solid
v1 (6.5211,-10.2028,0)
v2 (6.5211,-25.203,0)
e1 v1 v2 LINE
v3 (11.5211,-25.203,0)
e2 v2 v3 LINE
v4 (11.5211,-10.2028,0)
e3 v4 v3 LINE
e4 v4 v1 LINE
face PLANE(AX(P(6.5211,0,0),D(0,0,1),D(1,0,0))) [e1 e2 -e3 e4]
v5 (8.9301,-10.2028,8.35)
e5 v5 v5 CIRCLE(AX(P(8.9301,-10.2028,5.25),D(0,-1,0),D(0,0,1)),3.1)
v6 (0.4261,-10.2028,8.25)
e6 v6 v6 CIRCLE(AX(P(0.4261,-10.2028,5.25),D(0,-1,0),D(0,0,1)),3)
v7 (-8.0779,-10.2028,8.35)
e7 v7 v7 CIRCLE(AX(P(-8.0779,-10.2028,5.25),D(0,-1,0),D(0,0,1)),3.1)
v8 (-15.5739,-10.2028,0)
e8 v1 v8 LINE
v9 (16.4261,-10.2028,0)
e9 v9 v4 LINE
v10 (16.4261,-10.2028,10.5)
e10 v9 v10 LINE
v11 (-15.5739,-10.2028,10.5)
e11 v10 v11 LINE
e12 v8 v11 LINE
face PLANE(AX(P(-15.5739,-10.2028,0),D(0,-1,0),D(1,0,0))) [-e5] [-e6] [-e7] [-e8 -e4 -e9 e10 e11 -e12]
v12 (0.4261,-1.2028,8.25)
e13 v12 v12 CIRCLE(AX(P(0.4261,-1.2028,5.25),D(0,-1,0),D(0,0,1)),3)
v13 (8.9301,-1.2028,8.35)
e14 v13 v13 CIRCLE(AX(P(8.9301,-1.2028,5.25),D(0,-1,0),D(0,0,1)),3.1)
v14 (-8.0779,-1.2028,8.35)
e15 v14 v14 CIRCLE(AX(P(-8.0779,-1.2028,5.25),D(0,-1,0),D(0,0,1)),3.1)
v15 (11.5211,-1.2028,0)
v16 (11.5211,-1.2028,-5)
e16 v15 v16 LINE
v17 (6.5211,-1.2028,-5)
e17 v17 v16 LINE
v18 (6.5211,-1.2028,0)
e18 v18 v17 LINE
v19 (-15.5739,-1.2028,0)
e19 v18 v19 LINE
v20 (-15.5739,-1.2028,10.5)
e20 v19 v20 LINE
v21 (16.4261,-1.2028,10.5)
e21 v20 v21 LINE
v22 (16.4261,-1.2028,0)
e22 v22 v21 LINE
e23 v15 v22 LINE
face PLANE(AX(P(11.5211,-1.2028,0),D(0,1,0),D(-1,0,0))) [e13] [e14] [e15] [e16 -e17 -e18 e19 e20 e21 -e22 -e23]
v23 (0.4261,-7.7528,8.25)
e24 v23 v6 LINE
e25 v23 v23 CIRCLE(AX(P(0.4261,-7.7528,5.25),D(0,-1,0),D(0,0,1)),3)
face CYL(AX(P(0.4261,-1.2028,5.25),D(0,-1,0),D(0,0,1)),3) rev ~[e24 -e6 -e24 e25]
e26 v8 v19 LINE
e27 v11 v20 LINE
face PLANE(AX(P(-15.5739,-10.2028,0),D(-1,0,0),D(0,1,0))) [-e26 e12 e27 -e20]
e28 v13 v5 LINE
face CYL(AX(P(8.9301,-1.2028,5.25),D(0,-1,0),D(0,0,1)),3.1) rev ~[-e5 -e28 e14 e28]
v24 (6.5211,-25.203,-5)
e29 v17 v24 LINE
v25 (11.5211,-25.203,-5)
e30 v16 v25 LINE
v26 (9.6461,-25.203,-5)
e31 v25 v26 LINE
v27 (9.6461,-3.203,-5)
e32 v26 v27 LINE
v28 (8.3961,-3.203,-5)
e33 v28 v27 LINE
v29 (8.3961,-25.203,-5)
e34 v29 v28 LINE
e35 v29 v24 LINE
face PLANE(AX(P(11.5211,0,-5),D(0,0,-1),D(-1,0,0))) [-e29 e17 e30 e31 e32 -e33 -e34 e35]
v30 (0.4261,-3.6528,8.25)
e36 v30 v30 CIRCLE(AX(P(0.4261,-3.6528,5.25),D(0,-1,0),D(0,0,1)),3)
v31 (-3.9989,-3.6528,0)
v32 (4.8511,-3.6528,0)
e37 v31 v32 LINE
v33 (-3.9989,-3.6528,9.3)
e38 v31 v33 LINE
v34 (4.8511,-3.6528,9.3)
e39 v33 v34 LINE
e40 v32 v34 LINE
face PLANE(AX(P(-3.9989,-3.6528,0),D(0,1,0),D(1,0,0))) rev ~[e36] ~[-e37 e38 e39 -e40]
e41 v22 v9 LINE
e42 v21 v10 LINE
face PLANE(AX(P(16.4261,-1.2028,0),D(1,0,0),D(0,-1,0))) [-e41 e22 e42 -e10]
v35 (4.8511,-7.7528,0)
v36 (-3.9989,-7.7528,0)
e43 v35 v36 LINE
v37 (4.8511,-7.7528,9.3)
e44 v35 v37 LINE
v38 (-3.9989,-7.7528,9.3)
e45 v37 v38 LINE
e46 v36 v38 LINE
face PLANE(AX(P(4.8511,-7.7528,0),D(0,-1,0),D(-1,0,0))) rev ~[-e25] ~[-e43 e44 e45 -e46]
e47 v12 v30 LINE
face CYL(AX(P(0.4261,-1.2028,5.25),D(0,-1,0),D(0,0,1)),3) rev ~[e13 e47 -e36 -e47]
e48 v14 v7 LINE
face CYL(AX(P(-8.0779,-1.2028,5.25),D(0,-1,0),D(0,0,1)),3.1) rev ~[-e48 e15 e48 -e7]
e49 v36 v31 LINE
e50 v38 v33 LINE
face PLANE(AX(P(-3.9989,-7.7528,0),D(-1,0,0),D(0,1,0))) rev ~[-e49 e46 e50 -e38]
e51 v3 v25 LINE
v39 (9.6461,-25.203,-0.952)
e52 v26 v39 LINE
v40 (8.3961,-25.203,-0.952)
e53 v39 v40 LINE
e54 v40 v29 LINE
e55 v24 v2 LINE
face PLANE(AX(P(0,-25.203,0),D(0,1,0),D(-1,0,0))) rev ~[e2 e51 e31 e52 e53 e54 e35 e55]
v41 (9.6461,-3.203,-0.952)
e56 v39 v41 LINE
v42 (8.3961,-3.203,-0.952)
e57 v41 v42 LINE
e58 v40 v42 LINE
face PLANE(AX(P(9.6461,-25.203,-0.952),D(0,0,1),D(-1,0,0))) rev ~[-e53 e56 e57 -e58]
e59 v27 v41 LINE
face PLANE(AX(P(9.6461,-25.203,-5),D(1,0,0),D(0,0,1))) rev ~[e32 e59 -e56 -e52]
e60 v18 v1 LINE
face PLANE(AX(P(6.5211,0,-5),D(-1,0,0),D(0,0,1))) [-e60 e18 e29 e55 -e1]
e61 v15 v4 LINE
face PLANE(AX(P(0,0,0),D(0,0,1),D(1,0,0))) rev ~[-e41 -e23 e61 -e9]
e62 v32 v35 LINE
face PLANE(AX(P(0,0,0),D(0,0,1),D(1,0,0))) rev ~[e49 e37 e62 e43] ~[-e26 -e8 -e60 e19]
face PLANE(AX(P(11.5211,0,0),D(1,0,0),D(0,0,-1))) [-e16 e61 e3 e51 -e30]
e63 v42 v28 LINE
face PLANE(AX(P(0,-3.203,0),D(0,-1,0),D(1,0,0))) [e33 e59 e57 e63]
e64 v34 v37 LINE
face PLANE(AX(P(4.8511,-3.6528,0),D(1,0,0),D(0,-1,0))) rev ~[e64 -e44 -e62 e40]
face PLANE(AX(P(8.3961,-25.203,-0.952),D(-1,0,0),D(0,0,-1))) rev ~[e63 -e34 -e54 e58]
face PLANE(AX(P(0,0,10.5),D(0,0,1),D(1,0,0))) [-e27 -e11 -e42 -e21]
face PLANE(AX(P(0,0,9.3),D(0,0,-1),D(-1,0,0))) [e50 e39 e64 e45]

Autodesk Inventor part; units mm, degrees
ref_plane "YZ Plane" through (0, 0, 0) normal (1, 0, 0) x (0, 1, 0)
ref_plane "XZ Plane" through (0, 0, 0) normal (0, 1, 0) x (-1, 0, 0)
ref_plane "XY Plane" through (0, 0, 0) normal (0, 0, 1) x (1, 0, 0)
sketch "Skizze1" plane through (0, 0, 0) normal (0, 0, 1) x (1, 0, 0)
  point P0 (0, 0)
sketch "Skizze2" plane through (0, 0, 0) normal (0, 0, 1) x (1, 0, 0)
  line L0 (-15.5739, -1.2028) -> (16.4261, -1.2028)
  line L1 (16.4261, -1.2028) -> (16.4261, -10.2028)
  line L2 (16.4261, -10.2028) -> (-15.5739, -10.2028)
  line L3 (-15.5739, -10.2028) -> (-15.5739, -1.2028)
  point P0 (0, 0)
  dimension "d0" = 32
  dimension "d1" = 9
extrude "Extrusion1" add sketch "Skizze2" along normal blind 10.5
sketch "Skizze3" plane through (16.4261, -10.2028, 0) normal (1, 0, 0) x (0, 0, -1)
  point P0 (0, 10.2028)
sketch "Skizze4" plane through (-15.5739, -1.2028, 0) normal (0, 1, 0) x (1, 0, 0)
  line L0 (0, 0) -> (0, -10.5) projected
  line L1 (0, 0) -> (32, 0) projected
  point P0 (15.5739, 0)
  point P1 (16, -5.25)
  point P2 (7.496, -5.25)
  point P3 (24.504, -5.25)
  dimension "d4" = 8.504
  dimension "d5" = 8.504
  dimension "d6" = 16
  dimension "d14" = 5.25
  dimension "d15" = 5.25
sketch "Skizze5" plane through (0, 0, 0) normal (0, 0, -1) x (-1, 0, 0)
  point P0 (0, 0)
sketch "Skizze6" plane through (0, 0, 0) normal (0, 0, -1) x (-1, 0, 0)
  line L0 (-4.8511, -7.7528) -> (3.9989, -7.7528)
  line L1 (3.9989, -7.7528) -> (3.9989, -3.6528)
  line L2 (3.9989, -3.6528) -> (-4.8511, -3.6528)
  line L3 (-4.8511, -3.6528) -> (-4.8511, -7.7528)
  line L4 (-16.4261, -10.2028) -> (15.5739, -10.2028) projected
  line L5 (15.5739, -10.2028) -> (15.5739, -1.2028) projected
  point P0 (0, 0)
  dimension "d16" = 8.85
  dimension "d17" = 4.1
  dimension "d18" = 2.45
  dimension "d19" = 11.575
extrude "Extrusion2" cut sketch "Skizze6" against normal blind 9.3
sketch "Skizze7" plane through (-15.5739, -10.2028, 0) normal (0, -1, 0) x (1, 0, 0)
  point P0 (15.5739, 0)
sketch "Skizze8" plane through (0, 0, 0) normal (0, 0, -1) x (-1, 0, 0)
  point P0 (0, 0)
sketch "Skizze9" plane through (-15.5739, -10.2028, 0) normal (0, -1, 0) x (1, 0, 0)
  line L0 (0, 0) -> (32, 0) projected
  line L1 (4.9045, 0) -> (9.9045, 0)
  line L2 (9.9045, 0) -> (9.9045, 1.2)
  line L3 (9.9045, 1.2) -> (4.9045, 1.2)
  line L4 (4.9045, 1.2) -> (4.9045, 0)
  point P0 (15.5739, 0)
  dimension "d22" = 1.2
  dimension "d23" = 5
extrude "Extrusion3" add sketch "Skizze9" along normal blind 15
sketch "Skizze10" plane through (0, 0, 0) normal (0, 0, -1) x (-1, 0, 0)
  line L0 (5.6694, -25.2028) -> (10.6694, -25.2028) projected
  line L1 (15.5739, -1.2028) -> (-16.4261, -1.2028) projected
  line L2 (10.6694, -25.2028) -> (5.6694, -25.2028)
  line L3 (5.6694, -25.2028) -> (5.6694, -1.2028)
  line L4 (5.6694, -1.2028) -> (10.6694, -1.2028)
  line L5 (10.6694, -1.2028) -> (10.6694, -25.2028)
  point P0 (0, 0)
  dimension "d26" = 5
extrude "Extrusion4" add sketch "Skizze10" along normal blind 5
sketch "Skizze11" plane through (-15.5739, -25.2028, 0) normal (0, -1, 0) x (1, 0, 0)
  line L0 (4.9045, -5) -> (9.9045, -5) projected
  line L1 (6.7795, -5) -> (8.0295, -5)
  line L2 (8.0295, -5) -> (8.0295, -0.9525)
  line L3 (8.0295, -0.9525) -> (6.7795, -0.9525)
  line L4 (6.7795, -0.9525) -> (6.7795, -5)
  line L5 (9.9045, 1.2) -> (9.9045, -5) projected
  point P0 (15.5739, 0)
  dimension "d29" = 1.25
  dimension "d30" = 1.875
  dimension "d31" = 4.0475
extrude "Extrusion5" cut sketch "Skizze11" against normal blind 22
sketch "Skizze12" plane through (-15.5739, -25.2028, 0) normal (0, -1, 0) x (1, 0, 0)
  line L0 (9.9045, 1.2) -> (9.9045, 0) projected
  line L1 (4.9045, 0) -> (4.9045, 1.2) projected
  line L2 (9.9045, 1.2) -> (4.9045, 1.2)
  line L3 (4.9045, 1.2) -> (4.9045, 0)
  line L4 (4.9045, 0) -> (9.9045, 0)
  line L5 (9.9045, 0) -> (9.9045, 1.2)
  point P0 (15.5739, 0)
extrude "Extrusion6" cut sketch "Skizze12" against normal blind 15
sketch "Skizze13" plane through (0, 0, 0) normal (0, 1, 0) x (-1, 0, 0)
  line L0 (5.6694, 0) -> (-16.4261, 0) projected
  line L1 (-6.5211, 0) -> (-11.5211, 0)
  line L2 (-11.5211, 0) -> (-11.5211, -5)
  line L3 (-11.5211, -5) -> (-6.5211, -5)
  line L4 (-6.5211, -5) -> (-6.5211, 0)
  line L5 (-16.4261, 0) -> (-16.4261, 10.5) projected
  point P0 (0, 0)
  dimension "d36" = 5
  dimension "d37" = 5
  dimension "d38" = 4.905
extrude "Extrusion7" add sketch "Skizze13" against normal blind 25.203
sketch "Skizze14" plane through (6.5211, 0, 0) normal (0, 0, 1) x (1, 0, 0)
  line L0 (5, -1.2028) -> (9.905, -1.2028) projected
  line L1 (0, 0) -> (0, -25.203) projected
  line L2 (5, -1.2028) -> (0, -1.2028)
  line L3 (0, -1.2028) -> (0, 0)
  line L4 (0, 0) -> (5, 0)
  line L5 (5, 0) -> (5, -1.2028)
  point P0 (-6.5211, 0)
extrude "Extrusion8" cut sketch "Skizze14" against normal blind 25
sketch "Skizze15" plane through (0, -25.203, 0) normal (0, -1, 0) x (1, 0, 0)
  line L0 (6.5211, -5) -> (11.5211, -5) projected
  line L1 (8.3961, -5) -> (9.6461, -5)
  line L2 (9.6461, -5) -> (9.6461, -0.952)
  line L3 (9.6461, -0.952) -> (8.3961, -0.952)
  line L4 (8.3961, -0.952) -> (8.3961, -5)
  line L5 (11.5211, -5) -> (11.5211, 0) projected
  point P0 (0, 0)
  dimension "d43" = 1.25
  dimension "d44" = 4.048
  dimension "d45" = 1.875
extrude "Extrusion9" cut sketch "Skizze15" against normal blind 22
sketch "Skizze16" plane through (-15.5739, -25.2028, 0) normal (0, -1, 0) x (1, 0, 0)
  line L0 (0, 0) -> (4.9045, 0) projected
  line L1 (4.9045, -5) -> (9.9045, -5) projected
  line L2 (4.9045, 0) -> (9.9045, 0)
  line L3 (9.9045, 0) -> (9.9045, -5)
  line L4 (9.9045, -5) -> (4.9045, -5)
  line L5 (4.9045, -5) -> (4.9045, 0)
  point P0 (15.5739, 0)
extrude "Extrusion10" cut sketch "Skizze16" against normal blind 25
hole "Bohrung2" at (0.4261, -1.2028, 5.25) direction (0, -1, 0) diameter 6 end through all
hole "Bohrung3" at (-8.0779, -1.2028, 5.25) at (8.9301, -1.2028, 5.25) direction (0, -1, 0) diameter 6.2 end through all
properties part number "Objektträgerhalter 3a Neu"
